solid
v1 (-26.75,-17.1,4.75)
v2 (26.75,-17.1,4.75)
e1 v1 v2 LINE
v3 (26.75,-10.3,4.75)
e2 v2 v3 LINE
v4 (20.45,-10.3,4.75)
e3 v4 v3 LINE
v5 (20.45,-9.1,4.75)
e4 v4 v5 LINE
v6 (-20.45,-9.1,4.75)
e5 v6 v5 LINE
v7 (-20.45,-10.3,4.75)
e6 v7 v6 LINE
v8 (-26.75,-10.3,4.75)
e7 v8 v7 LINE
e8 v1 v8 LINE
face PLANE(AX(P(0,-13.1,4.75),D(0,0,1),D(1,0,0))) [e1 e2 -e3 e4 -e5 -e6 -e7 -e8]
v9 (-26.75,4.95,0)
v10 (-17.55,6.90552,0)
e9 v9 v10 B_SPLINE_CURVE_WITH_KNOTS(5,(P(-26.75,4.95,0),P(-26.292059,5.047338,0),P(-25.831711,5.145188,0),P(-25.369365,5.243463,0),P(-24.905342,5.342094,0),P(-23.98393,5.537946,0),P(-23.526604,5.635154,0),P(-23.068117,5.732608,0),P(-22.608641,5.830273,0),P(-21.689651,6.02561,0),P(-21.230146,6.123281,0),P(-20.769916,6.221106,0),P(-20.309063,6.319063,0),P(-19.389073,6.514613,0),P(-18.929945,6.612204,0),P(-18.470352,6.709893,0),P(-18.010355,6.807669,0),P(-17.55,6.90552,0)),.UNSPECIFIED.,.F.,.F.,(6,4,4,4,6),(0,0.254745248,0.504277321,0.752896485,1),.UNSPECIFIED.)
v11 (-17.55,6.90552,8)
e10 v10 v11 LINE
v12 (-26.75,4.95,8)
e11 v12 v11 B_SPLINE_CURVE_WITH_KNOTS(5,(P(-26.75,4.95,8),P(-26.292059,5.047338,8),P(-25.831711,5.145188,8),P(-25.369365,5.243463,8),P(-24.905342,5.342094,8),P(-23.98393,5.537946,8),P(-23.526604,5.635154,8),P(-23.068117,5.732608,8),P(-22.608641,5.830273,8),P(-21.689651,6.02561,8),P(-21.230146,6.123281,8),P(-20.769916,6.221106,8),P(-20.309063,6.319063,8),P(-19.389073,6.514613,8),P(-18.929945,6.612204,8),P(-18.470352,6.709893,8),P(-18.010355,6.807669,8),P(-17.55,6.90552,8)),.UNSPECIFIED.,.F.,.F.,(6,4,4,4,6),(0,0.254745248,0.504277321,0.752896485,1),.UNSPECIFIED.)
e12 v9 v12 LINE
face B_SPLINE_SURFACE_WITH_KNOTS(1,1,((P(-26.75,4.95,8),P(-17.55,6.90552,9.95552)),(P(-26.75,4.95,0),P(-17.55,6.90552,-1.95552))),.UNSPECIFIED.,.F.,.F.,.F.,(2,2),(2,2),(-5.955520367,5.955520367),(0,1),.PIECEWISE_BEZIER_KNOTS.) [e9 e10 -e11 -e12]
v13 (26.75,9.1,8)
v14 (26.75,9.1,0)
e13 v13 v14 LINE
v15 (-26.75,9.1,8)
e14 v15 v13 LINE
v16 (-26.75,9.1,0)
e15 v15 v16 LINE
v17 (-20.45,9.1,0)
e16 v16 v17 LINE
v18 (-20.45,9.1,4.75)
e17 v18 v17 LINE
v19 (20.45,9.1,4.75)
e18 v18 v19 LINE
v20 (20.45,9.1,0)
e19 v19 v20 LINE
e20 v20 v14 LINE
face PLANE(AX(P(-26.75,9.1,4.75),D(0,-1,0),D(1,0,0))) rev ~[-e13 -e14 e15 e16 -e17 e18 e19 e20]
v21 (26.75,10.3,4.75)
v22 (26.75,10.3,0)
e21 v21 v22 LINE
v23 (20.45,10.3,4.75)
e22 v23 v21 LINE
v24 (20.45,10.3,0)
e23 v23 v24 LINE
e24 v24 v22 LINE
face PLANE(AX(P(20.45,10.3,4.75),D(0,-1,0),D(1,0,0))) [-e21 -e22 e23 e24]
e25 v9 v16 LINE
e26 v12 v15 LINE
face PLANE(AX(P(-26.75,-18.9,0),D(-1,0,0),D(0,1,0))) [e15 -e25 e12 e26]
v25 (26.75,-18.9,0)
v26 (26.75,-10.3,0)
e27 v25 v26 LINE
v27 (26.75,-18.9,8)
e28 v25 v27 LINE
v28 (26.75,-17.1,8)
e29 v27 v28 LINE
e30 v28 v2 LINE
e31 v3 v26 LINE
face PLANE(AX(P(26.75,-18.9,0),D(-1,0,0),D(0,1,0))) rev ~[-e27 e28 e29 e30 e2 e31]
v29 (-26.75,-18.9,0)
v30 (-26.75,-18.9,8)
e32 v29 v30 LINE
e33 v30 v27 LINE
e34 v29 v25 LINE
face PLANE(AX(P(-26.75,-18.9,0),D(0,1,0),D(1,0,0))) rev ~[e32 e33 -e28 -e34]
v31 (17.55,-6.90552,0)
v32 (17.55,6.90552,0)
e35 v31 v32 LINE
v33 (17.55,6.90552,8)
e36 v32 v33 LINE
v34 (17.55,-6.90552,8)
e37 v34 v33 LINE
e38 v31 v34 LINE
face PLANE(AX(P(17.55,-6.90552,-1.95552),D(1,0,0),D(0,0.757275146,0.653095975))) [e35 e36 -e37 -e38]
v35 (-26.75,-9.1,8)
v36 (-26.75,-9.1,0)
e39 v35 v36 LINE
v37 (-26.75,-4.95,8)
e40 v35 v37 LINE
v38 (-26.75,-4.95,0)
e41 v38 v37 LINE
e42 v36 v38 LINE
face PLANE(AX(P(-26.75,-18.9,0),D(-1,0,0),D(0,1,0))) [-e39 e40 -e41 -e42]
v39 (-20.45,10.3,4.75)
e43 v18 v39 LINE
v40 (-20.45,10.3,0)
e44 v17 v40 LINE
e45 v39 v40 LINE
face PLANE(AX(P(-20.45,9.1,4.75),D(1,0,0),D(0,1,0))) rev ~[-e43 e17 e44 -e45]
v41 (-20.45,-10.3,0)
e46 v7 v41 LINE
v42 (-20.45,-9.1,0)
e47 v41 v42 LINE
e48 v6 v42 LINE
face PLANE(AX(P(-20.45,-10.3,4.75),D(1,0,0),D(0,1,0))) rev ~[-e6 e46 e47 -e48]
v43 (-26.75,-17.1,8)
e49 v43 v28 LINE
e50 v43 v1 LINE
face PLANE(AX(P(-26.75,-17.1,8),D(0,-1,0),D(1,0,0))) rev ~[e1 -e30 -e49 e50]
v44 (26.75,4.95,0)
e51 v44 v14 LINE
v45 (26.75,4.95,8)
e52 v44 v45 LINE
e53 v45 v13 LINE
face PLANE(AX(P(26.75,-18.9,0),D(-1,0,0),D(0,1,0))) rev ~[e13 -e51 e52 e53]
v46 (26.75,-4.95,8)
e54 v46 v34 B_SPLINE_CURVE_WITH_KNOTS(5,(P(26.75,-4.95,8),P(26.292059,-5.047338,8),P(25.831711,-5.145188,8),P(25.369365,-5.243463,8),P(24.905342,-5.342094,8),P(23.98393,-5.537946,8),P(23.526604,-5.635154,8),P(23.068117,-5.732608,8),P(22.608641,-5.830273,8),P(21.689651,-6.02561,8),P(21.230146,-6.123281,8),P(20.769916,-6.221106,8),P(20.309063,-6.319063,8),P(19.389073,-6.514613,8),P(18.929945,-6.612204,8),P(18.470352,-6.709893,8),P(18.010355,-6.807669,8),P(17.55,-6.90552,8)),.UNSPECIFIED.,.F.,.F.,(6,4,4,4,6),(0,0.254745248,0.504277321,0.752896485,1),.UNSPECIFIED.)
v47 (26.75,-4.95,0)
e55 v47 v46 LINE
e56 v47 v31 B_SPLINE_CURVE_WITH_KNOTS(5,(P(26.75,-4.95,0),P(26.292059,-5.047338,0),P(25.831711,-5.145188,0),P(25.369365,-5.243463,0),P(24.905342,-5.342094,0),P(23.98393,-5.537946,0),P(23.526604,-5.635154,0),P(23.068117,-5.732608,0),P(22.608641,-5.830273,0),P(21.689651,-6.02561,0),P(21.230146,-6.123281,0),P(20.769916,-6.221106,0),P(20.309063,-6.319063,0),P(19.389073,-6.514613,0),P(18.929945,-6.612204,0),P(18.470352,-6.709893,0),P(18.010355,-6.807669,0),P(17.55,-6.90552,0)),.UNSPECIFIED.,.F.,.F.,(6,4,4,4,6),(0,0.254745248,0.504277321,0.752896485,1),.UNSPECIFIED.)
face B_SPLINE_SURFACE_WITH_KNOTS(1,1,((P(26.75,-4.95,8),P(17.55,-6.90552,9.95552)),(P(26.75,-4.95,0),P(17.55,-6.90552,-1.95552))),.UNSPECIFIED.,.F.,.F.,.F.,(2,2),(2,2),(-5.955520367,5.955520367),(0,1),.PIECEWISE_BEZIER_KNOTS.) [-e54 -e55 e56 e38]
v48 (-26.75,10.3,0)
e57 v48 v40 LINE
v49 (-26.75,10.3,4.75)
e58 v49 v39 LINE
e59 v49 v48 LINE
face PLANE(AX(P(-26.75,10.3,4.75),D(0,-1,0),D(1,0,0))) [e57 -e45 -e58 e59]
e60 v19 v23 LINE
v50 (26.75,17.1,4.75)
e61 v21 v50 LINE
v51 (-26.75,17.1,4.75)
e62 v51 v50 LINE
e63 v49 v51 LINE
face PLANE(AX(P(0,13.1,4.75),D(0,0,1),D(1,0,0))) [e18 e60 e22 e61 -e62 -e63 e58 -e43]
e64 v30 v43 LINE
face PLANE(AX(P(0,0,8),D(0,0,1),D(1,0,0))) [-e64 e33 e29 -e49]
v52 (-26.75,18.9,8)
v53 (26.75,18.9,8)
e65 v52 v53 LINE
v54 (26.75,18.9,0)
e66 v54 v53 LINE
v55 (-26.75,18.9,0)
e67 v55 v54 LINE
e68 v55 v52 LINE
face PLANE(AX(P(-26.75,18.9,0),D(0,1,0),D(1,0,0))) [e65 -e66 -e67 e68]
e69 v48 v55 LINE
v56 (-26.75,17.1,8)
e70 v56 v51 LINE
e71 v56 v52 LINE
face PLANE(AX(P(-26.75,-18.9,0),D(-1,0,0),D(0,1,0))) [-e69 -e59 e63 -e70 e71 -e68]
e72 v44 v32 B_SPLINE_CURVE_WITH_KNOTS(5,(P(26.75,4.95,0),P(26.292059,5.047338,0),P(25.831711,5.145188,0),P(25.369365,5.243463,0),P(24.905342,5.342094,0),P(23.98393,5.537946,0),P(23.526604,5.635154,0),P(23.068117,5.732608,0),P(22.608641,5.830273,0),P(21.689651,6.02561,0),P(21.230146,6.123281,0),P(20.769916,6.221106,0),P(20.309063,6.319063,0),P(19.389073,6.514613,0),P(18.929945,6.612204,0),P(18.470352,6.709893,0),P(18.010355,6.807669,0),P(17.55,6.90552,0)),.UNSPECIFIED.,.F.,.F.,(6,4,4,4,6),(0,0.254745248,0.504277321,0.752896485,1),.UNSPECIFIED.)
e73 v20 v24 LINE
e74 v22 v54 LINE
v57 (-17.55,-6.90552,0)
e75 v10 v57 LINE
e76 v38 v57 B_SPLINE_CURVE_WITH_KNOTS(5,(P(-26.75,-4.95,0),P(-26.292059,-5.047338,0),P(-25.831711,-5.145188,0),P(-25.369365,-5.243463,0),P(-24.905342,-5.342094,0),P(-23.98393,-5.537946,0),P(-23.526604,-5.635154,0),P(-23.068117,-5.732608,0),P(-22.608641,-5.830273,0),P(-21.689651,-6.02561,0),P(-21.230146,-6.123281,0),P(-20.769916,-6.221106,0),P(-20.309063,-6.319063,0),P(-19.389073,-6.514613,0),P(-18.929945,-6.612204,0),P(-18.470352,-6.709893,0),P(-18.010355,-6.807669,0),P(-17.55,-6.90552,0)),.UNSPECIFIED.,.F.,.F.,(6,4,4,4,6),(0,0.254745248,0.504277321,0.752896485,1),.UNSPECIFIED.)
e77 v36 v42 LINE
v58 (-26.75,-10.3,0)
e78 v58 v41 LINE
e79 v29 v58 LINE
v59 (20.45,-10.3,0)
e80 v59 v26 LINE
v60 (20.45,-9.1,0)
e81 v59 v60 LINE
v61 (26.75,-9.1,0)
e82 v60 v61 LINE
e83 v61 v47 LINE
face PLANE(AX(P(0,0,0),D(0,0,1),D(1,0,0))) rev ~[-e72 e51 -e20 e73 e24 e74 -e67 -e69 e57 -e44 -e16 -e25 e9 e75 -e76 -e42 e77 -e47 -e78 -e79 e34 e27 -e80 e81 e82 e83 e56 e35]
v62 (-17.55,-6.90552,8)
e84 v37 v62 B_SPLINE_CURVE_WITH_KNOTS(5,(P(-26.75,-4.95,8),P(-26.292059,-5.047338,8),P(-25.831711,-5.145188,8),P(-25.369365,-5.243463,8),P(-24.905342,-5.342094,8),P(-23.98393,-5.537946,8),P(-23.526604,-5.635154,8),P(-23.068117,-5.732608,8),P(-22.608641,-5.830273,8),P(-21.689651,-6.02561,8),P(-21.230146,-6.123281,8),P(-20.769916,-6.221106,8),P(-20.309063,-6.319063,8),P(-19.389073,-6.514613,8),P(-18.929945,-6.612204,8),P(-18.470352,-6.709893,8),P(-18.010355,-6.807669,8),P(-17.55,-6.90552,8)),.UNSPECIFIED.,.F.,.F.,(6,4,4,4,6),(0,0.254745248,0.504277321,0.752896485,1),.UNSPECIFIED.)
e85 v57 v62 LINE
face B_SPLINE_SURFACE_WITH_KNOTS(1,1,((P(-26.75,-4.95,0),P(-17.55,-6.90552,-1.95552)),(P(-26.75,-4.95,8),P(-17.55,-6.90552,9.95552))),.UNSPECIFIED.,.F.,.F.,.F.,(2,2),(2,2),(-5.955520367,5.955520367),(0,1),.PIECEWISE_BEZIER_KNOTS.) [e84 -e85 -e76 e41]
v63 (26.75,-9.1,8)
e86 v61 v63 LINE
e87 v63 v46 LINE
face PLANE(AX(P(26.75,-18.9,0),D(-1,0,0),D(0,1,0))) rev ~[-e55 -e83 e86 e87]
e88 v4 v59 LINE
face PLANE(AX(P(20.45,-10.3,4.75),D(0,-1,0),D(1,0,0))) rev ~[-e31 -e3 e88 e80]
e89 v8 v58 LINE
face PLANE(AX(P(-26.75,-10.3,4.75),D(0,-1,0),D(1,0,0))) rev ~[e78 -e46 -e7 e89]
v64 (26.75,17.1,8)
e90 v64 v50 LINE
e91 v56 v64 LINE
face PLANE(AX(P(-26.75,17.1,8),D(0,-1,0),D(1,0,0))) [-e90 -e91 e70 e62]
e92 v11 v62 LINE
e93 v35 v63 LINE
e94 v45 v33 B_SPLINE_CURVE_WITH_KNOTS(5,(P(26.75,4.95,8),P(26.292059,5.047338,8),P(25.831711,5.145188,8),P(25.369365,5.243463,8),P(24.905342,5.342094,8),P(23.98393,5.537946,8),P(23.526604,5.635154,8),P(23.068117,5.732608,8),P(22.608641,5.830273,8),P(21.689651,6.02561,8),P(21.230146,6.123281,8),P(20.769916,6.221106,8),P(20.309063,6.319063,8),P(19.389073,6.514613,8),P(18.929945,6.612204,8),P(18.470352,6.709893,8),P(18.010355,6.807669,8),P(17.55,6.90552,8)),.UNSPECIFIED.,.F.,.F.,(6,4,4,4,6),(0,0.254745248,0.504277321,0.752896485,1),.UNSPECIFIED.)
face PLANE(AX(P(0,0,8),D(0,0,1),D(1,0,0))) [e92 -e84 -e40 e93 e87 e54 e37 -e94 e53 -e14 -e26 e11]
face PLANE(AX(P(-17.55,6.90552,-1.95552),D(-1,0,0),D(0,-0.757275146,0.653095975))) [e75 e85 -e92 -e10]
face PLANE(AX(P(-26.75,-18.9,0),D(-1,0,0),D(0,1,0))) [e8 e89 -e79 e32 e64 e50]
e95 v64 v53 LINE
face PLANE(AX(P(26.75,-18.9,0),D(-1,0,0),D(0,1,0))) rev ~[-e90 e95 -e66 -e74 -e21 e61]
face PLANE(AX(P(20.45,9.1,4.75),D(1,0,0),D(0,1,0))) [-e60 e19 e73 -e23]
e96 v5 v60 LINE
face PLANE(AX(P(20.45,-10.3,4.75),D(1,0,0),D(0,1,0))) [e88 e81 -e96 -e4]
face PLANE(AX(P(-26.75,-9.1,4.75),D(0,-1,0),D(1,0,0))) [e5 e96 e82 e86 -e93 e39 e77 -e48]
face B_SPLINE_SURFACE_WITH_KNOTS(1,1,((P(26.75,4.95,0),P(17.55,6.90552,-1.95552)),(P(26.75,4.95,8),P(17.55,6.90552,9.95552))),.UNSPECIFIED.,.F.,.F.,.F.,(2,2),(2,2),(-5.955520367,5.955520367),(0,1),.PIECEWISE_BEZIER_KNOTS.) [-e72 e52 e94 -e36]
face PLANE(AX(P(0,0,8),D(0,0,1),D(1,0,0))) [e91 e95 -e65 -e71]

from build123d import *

# Parameters (mm, degrees)
F0_W      = 53.5
F0_H      = 37.8
F1_DEPTH  = 8
F2_W      = 53.5
F2_H      = 8
F3_DEPTH  = 3.25
F4_W      = 9.9
F4_H      = 8
F5_DEPTH  = 9.2
F5_TAPER  = -12
F6_W      = 9.9
F6_H      = 8
F7_DEPTH  = 9.2
F7_TAPER  = -12
F9_W      = 6.3
F9_H      = 1.2
F8_W      = 6.3
F8_H      = 1.2
F10_DEPTH = 4.75


with BuildPart() as f1:
    # F0 (on Top) → F1 (new body)
    with BuildSketch(Plane.XY):
        Rectangle(F0_W, F0_H)
    extrude(amount=F1_DEPTH)

    # F2 (on face) → F3 (cut)
    with BuildSketch(Plane.XY.offset(8)):
        with Locations((0, -13.1)):
            Rectangle(F2_W, F2_H)
        with Locations((0, 13.1)):
            Rectangle(F2_W, F2_H)
    extrude(amount=-F3_DEPTH, mode=Mode.SUBTRACT)

    # F4 (on face) → F5 (cut)
    with BuildSketch(Plane(origin=(-26.75, 0, 0), x_dir=(0, -1, 0), z_dir=(-1, 0, 0))):
        with Locations((0, 4)):
            Rectangle(F4_W, F4_H)
    extrude(amount=-F5_DEPTH, taper=F5_TAPER, mode=Mode.SUBTRACT)

    # F6 (on face) → F7 (cut)
    with BuildSketch(Plane.YZ.offset(26.75)):
        with Locations((0, 4)):
            Rectangle(F6_W, F6_H)
    extrude(amount=-F7_DEPTH, taper=F7_TAPER, mode=Mode.SUBTRACT)

    # F9 (on face) + F8 (on face) → F10 (cut)
    with BuildSketch(Plane.XY.offset(4.75)):
        with Locations((23.6, 9.7)):
            Rectangle(F9_W, F9_H)
        with Locations((-23.6, 9.7)):
            Rectangle(F9_W, F9_H)
    with BuildSketch(Plane.XY.offset(4.75)):
        with Locations((-23.6, -9.7)):
            Rectangle(F8_W, F8_H)
        with Locations((23.6, -9.7)):
            Rectangle(F8_W, F8_H)
    extrude(amount=-F10_DEPTH, mode=Mode.SUBTRACT)


solid = f1.part
